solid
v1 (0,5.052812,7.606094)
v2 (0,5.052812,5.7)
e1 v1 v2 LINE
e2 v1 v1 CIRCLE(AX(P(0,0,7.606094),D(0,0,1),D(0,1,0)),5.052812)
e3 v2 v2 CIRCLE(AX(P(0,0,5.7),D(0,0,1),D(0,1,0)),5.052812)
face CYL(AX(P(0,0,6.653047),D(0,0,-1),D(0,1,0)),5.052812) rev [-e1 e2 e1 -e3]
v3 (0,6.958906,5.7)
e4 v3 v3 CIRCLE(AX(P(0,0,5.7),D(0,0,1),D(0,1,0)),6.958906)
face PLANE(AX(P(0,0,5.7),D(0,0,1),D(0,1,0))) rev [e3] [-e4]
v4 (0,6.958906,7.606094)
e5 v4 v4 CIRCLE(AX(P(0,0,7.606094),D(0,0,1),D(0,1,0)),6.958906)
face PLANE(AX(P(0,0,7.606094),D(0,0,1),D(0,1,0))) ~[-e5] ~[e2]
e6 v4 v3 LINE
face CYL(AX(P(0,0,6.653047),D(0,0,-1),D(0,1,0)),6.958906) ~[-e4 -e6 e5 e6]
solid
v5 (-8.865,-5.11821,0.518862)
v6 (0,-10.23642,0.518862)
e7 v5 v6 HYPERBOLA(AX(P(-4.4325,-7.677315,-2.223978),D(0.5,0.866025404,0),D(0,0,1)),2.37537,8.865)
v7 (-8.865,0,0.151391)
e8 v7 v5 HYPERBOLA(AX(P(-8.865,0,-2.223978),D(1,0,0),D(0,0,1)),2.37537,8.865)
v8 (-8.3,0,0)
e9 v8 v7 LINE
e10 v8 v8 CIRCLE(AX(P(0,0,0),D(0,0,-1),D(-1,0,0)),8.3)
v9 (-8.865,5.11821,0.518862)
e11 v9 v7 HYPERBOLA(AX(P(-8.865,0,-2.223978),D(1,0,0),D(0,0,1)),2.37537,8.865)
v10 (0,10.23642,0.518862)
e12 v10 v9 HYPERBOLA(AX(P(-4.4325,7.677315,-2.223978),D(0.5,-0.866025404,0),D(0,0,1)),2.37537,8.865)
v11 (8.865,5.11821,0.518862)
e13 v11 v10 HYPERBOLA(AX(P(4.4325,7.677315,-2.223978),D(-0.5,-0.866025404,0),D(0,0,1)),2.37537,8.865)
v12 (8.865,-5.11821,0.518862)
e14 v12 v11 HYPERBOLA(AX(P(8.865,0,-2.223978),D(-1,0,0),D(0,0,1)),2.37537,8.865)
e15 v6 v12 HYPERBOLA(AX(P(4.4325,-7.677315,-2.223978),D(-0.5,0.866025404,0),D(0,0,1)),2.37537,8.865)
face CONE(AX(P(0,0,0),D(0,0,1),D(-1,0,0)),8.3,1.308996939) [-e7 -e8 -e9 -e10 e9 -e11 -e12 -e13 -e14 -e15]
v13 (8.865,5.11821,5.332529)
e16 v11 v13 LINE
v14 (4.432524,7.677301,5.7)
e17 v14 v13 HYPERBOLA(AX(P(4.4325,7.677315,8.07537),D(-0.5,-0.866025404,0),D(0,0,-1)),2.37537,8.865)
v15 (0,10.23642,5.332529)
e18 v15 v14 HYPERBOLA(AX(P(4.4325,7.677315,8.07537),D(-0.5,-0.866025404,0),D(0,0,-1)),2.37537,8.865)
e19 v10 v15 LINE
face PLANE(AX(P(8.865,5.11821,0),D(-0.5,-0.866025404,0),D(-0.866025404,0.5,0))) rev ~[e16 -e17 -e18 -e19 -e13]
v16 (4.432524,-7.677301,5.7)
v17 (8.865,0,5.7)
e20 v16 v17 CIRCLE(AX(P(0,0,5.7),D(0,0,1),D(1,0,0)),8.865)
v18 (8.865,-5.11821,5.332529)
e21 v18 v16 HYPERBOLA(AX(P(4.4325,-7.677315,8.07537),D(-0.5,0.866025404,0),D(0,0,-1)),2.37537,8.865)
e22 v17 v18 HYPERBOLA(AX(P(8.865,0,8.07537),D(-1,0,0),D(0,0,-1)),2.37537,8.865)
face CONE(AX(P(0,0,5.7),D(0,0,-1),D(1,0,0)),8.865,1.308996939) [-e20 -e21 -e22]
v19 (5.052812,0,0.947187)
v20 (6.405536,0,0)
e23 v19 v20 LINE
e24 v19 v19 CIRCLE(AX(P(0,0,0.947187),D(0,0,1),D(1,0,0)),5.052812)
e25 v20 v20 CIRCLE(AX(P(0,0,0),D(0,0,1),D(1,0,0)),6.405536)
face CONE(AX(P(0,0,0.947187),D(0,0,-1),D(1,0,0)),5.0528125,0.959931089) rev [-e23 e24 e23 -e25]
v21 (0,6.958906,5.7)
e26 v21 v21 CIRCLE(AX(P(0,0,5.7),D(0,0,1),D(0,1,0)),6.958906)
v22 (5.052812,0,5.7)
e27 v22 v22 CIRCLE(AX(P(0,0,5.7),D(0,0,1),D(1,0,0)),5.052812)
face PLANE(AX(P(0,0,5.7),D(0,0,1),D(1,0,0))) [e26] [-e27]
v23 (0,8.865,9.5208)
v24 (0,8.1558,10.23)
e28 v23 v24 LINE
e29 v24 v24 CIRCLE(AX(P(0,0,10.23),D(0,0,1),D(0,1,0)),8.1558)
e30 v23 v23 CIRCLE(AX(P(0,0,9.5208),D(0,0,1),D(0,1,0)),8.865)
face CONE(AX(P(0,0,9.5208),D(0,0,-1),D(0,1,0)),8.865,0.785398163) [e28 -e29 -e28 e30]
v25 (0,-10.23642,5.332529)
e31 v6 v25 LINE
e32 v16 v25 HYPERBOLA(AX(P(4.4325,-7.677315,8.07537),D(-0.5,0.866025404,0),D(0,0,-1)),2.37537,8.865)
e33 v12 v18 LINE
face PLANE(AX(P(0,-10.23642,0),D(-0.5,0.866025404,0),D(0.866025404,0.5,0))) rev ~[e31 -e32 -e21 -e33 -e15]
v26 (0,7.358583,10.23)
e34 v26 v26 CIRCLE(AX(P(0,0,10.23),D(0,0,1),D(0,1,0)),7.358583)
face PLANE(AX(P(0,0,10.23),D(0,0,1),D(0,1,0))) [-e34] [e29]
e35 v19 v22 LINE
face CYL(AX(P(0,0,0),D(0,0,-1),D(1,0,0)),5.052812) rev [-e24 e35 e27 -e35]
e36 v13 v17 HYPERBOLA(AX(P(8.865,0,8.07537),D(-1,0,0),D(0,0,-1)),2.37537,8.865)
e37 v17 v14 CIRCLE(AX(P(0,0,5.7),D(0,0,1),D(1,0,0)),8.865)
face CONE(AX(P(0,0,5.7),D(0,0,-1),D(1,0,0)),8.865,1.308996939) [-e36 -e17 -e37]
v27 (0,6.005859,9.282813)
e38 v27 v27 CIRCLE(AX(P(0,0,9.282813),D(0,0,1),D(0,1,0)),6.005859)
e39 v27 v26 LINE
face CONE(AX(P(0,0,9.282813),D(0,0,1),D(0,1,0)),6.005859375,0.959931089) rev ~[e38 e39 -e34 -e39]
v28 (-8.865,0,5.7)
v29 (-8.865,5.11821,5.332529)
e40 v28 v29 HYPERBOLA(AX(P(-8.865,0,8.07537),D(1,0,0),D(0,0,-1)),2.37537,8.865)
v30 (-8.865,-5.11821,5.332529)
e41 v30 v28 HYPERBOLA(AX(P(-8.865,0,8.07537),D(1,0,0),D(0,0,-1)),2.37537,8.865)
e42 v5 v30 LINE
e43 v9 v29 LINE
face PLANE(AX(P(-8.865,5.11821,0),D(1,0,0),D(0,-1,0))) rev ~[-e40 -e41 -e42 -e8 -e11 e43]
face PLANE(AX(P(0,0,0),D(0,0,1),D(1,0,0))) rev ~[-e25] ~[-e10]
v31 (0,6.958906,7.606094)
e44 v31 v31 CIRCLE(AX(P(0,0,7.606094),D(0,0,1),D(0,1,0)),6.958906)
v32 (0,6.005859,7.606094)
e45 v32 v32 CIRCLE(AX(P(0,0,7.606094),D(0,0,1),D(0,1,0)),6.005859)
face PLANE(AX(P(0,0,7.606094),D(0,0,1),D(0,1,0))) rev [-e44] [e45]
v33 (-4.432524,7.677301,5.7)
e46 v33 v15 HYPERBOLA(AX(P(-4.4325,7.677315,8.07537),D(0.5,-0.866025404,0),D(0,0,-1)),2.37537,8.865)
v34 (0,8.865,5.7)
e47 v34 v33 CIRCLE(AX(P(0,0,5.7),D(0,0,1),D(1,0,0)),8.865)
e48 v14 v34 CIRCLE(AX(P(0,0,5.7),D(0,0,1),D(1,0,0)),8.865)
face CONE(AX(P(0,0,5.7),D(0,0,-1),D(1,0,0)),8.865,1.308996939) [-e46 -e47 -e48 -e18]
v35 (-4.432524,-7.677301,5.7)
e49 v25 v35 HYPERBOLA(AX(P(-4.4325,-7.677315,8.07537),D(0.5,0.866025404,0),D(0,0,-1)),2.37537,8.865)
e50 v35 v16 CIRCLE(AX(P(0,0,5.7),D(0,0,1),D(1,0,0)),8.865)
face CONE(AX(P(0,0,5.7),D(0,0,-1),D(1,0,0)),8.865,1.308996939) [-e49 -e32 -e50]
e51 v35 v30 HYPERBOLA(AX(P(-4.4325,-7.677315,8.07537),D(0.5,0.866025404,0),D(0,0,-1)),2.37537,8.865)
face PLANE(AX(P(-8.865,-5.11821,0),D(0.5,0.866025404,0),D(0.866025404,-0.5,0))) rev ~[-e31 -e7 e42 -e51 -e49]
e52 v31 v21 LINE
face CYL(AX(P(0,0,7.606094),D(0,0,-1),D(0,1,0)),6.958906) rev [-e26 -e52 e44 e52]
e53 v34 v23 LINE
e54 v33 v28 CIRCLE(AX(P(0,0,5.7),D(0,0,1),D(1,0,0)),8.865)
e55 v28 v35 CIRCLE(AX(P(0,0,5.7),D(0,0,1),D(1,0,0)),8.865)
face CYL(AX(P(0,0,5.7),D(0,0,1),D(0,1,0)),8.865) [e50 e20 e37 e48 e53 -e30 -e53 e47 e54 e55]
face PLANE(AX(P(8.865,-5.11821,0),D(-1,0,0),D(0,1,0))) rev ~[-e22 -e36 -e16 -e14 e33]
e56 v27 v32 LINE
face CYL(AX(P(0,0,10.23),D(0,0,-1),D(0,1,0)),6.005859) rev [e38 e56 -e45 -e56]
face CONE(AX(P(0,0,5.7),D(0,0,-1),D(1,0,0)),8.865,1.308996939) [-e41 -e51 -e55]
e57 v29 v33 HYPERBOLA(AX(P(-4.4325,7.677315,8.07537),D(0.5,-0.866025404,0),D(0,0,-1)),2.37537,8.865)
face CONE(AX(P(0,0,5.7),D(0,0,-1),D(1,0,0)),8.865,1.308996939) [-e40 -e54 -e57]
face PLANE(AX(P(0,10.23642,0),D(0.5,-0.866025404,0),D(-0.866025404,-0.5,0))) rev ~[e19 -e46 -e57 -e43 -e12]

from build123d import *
from OCP.BRepFilletAPI import BRepFilletAPI_MakeChamfer

# Parameters (mm, degrees)
SKETCH_1_R          = 5.0528125
EXTRUDE_204_DEPTH   = 5.7
SKETCH_8_OUTSIDE_W  = 142.394
SKETCH_8_OUTSIDE_H  = 145.136
SKETCH_8_OUTSIDE_R  = 8.3
CUT_EXTRUDE_4_DEPTH = 15.692260718
CUT_EXTRUDE_4_DRAFT = -75
SKETCH_11_R         = 17.73
SKETCH_11_R_2       = 8.865
CUT_EXTRUDE_5_DEPTH = 1
CUT_EXTRUDE_5_DRAFT = -75
SKETCH_10_W         = 1.90609375
SKETCH_10_H         = 1.90609375
CHAMFER_1_SIZE      = 0.7092
CHAMFER_2_SIZE      = 0.9471875
CHAMFER_2_SIZE2     = 1.35272394


with BuildPart() as part:
    # 草图1 → Extrude 204 (new body)
    with BuildSketch(Plane.XY):
        Polygon((0, 10.236420273), (-8.865, 5.118210136), (-8.865, -5.118210136), (0, -10.236420273), (8.865, -5.118210136), (8.865, 5.118210136), align=None)
        Circle(SKETCH_1_R, mode=Mode.SUBTRACT)
    extrude(amount=EXTRUDE_204_DEPTH)


with BuildPart() as cut_extrude_4_tool:
    # 草图8 outside → 切除-拉伸4 (with draft: the straight prism first)
    with BuildSketch(Plane(origin=(0, 0, 0), x_dir=(-1, 0, 0), z_dir=(0, 0, -1))):
        Rectangle(SKETCH_8_OUTSIDE_W, SKETCH_8_OUTSIDE_H)
        Circle(SKETCH_8_OUTSIDE_R, mode=Mode.SUBTRACT)
    extrude(amount=-CUT_EXTRUDE_4_DEPTH)
    # 切除-拉伸4: the draft: its side faces are tilted about the plane it starts from
    cut_extrude_4_sides = [cut_extrude_4_tool.faces().sort_by_distance(p)[0] for p in [
        (0, -72.568, 7.846130359),
        (-71.197, 0, 7.846130359),
        (0, 72.568, 7.846130359),
        (71.197, 0, 7.846130359),
        (8.3, 0, 7.846130359),
    ]]
    draft(cut_extrude_4_sides, Plane(origin=(0, 0, 0), x_dir=(-1, 0, 0), z_dir=(0, 0, -1)), CUT_EXTRUDE_4_DRAFT)


with BuildPart() as part_1:
    add(part.part)

    # 切除-拉伸4: cut by cut_extrude_4_tool
    add(cut_extrude_4_tool.part, mode=Mode.SUBTRACT)


with BuildPart() as cut_extrude_5_tool:
    # 草图11 → 切除-拉伸5 (with draft: the straight prism first)
    with BuildSketch(Plane.XY.offset(5.7)):
        Circle(SKETCH_11_R)
        Circle(SKETCH_11_R_2, mode=Mode.SUBTRACT)
    extrude(amount=-CUT_EXTRUDE_5_DEPTH)
    # 切除-拉伸5: the draft: its side faces are tilted about the plane it starts from
    cut_extrude_5_sides = [cut_extrude_5_tool.faces().sort_by_distance(p)[0] for p in [
        (-17.73, 0, 5.2),
        (-8.865, 0, 5.2),
    ]]
    draft(cut_extrude_5_sides, Plane.XY.offset(5.7), CUT_EXTRUDE_5_DRAFT)


with BuildPart() as part_2:
    add(part_1.part)

    # 切除-拉伸5: cut by cut_extrude_5_tool
    add(cut_extrude_5_tool.part, mode=Mode.SUBTRACT)

    # 草图9 → 旋转1 (revolve)
    with BuildSketch(Plane(origin=(0, 0, 0), x_dir=(0, 0, -1), z_dir=(1, 0, 0))):
        Polygon((-5.7, 8.865), (-10.23, 8.865), (-10.23, 6.005859375), (-7.60609375, 6.005859375), (-7.60609375, 6.95890625), (-5.7, 6.95890625), align=None)
    revolve(axis=Axis((0, 0, 0), (0, 0, 1)))

    # 倒角1
    chamfer_1_edges = [part_2.edges().sort_by_distance(p)[0] for p in [
        (0, -8.865, 10.23),
    ]]
    chamfer(chamfer_1_edges, length=CHAMFER_1_SIZE)

    # 倒角2: one chamfer whose edges measure the first distance from different faces: ONE call of the kernel's chamfer builder (chamfer() names one face for all edges)
    chamfer_2_edges_1 = [part_2.edges().sort_by_distance(p)[0] for p in [
        (-5.0528125, 0, 0),
    ]]
    chamfer_2_side_1 = [part_2.faces().sort_by_distance(p)[0] for p in [
        (-5.0528125, 0, 2.85),
    ]]
    chamfer_2_edges_2 = [part_2.edges().sort_by_distance(p)[0] for p in [
        (0, -6.005859375, 10.23),
    ]]
    chamfer_2_side_2 = [part_2.faces().sort_by_distance(p)[0] for p in [
        (0, -6.005859375, 8.918046875),
    ]]
    chamfer_2 = BRepFilletAPI_MakeChamfer(part_2.part.solid().wrapped)
    for e in chamfer_2_edges_1:
        chamfer_2.Add(CHAMFER_2_SIZE, CHAMFER_2_SIZE2, e.wrapped, chamfer_2_side_1[0].wrapped)  # the first distance lies on this face
    for e in chamfer_2_edges_2:
        chamfer_2.Add(CHAMFER_2_SIZE, CHAMFER_2_SIZE2, e.wrapped, chamfer_2_side_2[0].wrapped)  # the first distance lies on this face
    add(Compound.cast(chamfer_2.Shape()), mode=Mode.REPLACE)


with BuildPart() as body_2:
    # 草图10 → 旋转2 (revolve)
    with BuildSketch(Plane(origin=(0, 0, 0), x_dir=(0, 0, -1), z_dir=(1, 0, 0))):
        with Locations((-6.653046875, 6.005859375)):
            Rectangle(SKETCH_10_W, SKETCH_10_H)
    revolve(axis=Axis((0, 0, 0), (0, 0, 1)))


solid = Compound([part_2.part, body_2.part])
